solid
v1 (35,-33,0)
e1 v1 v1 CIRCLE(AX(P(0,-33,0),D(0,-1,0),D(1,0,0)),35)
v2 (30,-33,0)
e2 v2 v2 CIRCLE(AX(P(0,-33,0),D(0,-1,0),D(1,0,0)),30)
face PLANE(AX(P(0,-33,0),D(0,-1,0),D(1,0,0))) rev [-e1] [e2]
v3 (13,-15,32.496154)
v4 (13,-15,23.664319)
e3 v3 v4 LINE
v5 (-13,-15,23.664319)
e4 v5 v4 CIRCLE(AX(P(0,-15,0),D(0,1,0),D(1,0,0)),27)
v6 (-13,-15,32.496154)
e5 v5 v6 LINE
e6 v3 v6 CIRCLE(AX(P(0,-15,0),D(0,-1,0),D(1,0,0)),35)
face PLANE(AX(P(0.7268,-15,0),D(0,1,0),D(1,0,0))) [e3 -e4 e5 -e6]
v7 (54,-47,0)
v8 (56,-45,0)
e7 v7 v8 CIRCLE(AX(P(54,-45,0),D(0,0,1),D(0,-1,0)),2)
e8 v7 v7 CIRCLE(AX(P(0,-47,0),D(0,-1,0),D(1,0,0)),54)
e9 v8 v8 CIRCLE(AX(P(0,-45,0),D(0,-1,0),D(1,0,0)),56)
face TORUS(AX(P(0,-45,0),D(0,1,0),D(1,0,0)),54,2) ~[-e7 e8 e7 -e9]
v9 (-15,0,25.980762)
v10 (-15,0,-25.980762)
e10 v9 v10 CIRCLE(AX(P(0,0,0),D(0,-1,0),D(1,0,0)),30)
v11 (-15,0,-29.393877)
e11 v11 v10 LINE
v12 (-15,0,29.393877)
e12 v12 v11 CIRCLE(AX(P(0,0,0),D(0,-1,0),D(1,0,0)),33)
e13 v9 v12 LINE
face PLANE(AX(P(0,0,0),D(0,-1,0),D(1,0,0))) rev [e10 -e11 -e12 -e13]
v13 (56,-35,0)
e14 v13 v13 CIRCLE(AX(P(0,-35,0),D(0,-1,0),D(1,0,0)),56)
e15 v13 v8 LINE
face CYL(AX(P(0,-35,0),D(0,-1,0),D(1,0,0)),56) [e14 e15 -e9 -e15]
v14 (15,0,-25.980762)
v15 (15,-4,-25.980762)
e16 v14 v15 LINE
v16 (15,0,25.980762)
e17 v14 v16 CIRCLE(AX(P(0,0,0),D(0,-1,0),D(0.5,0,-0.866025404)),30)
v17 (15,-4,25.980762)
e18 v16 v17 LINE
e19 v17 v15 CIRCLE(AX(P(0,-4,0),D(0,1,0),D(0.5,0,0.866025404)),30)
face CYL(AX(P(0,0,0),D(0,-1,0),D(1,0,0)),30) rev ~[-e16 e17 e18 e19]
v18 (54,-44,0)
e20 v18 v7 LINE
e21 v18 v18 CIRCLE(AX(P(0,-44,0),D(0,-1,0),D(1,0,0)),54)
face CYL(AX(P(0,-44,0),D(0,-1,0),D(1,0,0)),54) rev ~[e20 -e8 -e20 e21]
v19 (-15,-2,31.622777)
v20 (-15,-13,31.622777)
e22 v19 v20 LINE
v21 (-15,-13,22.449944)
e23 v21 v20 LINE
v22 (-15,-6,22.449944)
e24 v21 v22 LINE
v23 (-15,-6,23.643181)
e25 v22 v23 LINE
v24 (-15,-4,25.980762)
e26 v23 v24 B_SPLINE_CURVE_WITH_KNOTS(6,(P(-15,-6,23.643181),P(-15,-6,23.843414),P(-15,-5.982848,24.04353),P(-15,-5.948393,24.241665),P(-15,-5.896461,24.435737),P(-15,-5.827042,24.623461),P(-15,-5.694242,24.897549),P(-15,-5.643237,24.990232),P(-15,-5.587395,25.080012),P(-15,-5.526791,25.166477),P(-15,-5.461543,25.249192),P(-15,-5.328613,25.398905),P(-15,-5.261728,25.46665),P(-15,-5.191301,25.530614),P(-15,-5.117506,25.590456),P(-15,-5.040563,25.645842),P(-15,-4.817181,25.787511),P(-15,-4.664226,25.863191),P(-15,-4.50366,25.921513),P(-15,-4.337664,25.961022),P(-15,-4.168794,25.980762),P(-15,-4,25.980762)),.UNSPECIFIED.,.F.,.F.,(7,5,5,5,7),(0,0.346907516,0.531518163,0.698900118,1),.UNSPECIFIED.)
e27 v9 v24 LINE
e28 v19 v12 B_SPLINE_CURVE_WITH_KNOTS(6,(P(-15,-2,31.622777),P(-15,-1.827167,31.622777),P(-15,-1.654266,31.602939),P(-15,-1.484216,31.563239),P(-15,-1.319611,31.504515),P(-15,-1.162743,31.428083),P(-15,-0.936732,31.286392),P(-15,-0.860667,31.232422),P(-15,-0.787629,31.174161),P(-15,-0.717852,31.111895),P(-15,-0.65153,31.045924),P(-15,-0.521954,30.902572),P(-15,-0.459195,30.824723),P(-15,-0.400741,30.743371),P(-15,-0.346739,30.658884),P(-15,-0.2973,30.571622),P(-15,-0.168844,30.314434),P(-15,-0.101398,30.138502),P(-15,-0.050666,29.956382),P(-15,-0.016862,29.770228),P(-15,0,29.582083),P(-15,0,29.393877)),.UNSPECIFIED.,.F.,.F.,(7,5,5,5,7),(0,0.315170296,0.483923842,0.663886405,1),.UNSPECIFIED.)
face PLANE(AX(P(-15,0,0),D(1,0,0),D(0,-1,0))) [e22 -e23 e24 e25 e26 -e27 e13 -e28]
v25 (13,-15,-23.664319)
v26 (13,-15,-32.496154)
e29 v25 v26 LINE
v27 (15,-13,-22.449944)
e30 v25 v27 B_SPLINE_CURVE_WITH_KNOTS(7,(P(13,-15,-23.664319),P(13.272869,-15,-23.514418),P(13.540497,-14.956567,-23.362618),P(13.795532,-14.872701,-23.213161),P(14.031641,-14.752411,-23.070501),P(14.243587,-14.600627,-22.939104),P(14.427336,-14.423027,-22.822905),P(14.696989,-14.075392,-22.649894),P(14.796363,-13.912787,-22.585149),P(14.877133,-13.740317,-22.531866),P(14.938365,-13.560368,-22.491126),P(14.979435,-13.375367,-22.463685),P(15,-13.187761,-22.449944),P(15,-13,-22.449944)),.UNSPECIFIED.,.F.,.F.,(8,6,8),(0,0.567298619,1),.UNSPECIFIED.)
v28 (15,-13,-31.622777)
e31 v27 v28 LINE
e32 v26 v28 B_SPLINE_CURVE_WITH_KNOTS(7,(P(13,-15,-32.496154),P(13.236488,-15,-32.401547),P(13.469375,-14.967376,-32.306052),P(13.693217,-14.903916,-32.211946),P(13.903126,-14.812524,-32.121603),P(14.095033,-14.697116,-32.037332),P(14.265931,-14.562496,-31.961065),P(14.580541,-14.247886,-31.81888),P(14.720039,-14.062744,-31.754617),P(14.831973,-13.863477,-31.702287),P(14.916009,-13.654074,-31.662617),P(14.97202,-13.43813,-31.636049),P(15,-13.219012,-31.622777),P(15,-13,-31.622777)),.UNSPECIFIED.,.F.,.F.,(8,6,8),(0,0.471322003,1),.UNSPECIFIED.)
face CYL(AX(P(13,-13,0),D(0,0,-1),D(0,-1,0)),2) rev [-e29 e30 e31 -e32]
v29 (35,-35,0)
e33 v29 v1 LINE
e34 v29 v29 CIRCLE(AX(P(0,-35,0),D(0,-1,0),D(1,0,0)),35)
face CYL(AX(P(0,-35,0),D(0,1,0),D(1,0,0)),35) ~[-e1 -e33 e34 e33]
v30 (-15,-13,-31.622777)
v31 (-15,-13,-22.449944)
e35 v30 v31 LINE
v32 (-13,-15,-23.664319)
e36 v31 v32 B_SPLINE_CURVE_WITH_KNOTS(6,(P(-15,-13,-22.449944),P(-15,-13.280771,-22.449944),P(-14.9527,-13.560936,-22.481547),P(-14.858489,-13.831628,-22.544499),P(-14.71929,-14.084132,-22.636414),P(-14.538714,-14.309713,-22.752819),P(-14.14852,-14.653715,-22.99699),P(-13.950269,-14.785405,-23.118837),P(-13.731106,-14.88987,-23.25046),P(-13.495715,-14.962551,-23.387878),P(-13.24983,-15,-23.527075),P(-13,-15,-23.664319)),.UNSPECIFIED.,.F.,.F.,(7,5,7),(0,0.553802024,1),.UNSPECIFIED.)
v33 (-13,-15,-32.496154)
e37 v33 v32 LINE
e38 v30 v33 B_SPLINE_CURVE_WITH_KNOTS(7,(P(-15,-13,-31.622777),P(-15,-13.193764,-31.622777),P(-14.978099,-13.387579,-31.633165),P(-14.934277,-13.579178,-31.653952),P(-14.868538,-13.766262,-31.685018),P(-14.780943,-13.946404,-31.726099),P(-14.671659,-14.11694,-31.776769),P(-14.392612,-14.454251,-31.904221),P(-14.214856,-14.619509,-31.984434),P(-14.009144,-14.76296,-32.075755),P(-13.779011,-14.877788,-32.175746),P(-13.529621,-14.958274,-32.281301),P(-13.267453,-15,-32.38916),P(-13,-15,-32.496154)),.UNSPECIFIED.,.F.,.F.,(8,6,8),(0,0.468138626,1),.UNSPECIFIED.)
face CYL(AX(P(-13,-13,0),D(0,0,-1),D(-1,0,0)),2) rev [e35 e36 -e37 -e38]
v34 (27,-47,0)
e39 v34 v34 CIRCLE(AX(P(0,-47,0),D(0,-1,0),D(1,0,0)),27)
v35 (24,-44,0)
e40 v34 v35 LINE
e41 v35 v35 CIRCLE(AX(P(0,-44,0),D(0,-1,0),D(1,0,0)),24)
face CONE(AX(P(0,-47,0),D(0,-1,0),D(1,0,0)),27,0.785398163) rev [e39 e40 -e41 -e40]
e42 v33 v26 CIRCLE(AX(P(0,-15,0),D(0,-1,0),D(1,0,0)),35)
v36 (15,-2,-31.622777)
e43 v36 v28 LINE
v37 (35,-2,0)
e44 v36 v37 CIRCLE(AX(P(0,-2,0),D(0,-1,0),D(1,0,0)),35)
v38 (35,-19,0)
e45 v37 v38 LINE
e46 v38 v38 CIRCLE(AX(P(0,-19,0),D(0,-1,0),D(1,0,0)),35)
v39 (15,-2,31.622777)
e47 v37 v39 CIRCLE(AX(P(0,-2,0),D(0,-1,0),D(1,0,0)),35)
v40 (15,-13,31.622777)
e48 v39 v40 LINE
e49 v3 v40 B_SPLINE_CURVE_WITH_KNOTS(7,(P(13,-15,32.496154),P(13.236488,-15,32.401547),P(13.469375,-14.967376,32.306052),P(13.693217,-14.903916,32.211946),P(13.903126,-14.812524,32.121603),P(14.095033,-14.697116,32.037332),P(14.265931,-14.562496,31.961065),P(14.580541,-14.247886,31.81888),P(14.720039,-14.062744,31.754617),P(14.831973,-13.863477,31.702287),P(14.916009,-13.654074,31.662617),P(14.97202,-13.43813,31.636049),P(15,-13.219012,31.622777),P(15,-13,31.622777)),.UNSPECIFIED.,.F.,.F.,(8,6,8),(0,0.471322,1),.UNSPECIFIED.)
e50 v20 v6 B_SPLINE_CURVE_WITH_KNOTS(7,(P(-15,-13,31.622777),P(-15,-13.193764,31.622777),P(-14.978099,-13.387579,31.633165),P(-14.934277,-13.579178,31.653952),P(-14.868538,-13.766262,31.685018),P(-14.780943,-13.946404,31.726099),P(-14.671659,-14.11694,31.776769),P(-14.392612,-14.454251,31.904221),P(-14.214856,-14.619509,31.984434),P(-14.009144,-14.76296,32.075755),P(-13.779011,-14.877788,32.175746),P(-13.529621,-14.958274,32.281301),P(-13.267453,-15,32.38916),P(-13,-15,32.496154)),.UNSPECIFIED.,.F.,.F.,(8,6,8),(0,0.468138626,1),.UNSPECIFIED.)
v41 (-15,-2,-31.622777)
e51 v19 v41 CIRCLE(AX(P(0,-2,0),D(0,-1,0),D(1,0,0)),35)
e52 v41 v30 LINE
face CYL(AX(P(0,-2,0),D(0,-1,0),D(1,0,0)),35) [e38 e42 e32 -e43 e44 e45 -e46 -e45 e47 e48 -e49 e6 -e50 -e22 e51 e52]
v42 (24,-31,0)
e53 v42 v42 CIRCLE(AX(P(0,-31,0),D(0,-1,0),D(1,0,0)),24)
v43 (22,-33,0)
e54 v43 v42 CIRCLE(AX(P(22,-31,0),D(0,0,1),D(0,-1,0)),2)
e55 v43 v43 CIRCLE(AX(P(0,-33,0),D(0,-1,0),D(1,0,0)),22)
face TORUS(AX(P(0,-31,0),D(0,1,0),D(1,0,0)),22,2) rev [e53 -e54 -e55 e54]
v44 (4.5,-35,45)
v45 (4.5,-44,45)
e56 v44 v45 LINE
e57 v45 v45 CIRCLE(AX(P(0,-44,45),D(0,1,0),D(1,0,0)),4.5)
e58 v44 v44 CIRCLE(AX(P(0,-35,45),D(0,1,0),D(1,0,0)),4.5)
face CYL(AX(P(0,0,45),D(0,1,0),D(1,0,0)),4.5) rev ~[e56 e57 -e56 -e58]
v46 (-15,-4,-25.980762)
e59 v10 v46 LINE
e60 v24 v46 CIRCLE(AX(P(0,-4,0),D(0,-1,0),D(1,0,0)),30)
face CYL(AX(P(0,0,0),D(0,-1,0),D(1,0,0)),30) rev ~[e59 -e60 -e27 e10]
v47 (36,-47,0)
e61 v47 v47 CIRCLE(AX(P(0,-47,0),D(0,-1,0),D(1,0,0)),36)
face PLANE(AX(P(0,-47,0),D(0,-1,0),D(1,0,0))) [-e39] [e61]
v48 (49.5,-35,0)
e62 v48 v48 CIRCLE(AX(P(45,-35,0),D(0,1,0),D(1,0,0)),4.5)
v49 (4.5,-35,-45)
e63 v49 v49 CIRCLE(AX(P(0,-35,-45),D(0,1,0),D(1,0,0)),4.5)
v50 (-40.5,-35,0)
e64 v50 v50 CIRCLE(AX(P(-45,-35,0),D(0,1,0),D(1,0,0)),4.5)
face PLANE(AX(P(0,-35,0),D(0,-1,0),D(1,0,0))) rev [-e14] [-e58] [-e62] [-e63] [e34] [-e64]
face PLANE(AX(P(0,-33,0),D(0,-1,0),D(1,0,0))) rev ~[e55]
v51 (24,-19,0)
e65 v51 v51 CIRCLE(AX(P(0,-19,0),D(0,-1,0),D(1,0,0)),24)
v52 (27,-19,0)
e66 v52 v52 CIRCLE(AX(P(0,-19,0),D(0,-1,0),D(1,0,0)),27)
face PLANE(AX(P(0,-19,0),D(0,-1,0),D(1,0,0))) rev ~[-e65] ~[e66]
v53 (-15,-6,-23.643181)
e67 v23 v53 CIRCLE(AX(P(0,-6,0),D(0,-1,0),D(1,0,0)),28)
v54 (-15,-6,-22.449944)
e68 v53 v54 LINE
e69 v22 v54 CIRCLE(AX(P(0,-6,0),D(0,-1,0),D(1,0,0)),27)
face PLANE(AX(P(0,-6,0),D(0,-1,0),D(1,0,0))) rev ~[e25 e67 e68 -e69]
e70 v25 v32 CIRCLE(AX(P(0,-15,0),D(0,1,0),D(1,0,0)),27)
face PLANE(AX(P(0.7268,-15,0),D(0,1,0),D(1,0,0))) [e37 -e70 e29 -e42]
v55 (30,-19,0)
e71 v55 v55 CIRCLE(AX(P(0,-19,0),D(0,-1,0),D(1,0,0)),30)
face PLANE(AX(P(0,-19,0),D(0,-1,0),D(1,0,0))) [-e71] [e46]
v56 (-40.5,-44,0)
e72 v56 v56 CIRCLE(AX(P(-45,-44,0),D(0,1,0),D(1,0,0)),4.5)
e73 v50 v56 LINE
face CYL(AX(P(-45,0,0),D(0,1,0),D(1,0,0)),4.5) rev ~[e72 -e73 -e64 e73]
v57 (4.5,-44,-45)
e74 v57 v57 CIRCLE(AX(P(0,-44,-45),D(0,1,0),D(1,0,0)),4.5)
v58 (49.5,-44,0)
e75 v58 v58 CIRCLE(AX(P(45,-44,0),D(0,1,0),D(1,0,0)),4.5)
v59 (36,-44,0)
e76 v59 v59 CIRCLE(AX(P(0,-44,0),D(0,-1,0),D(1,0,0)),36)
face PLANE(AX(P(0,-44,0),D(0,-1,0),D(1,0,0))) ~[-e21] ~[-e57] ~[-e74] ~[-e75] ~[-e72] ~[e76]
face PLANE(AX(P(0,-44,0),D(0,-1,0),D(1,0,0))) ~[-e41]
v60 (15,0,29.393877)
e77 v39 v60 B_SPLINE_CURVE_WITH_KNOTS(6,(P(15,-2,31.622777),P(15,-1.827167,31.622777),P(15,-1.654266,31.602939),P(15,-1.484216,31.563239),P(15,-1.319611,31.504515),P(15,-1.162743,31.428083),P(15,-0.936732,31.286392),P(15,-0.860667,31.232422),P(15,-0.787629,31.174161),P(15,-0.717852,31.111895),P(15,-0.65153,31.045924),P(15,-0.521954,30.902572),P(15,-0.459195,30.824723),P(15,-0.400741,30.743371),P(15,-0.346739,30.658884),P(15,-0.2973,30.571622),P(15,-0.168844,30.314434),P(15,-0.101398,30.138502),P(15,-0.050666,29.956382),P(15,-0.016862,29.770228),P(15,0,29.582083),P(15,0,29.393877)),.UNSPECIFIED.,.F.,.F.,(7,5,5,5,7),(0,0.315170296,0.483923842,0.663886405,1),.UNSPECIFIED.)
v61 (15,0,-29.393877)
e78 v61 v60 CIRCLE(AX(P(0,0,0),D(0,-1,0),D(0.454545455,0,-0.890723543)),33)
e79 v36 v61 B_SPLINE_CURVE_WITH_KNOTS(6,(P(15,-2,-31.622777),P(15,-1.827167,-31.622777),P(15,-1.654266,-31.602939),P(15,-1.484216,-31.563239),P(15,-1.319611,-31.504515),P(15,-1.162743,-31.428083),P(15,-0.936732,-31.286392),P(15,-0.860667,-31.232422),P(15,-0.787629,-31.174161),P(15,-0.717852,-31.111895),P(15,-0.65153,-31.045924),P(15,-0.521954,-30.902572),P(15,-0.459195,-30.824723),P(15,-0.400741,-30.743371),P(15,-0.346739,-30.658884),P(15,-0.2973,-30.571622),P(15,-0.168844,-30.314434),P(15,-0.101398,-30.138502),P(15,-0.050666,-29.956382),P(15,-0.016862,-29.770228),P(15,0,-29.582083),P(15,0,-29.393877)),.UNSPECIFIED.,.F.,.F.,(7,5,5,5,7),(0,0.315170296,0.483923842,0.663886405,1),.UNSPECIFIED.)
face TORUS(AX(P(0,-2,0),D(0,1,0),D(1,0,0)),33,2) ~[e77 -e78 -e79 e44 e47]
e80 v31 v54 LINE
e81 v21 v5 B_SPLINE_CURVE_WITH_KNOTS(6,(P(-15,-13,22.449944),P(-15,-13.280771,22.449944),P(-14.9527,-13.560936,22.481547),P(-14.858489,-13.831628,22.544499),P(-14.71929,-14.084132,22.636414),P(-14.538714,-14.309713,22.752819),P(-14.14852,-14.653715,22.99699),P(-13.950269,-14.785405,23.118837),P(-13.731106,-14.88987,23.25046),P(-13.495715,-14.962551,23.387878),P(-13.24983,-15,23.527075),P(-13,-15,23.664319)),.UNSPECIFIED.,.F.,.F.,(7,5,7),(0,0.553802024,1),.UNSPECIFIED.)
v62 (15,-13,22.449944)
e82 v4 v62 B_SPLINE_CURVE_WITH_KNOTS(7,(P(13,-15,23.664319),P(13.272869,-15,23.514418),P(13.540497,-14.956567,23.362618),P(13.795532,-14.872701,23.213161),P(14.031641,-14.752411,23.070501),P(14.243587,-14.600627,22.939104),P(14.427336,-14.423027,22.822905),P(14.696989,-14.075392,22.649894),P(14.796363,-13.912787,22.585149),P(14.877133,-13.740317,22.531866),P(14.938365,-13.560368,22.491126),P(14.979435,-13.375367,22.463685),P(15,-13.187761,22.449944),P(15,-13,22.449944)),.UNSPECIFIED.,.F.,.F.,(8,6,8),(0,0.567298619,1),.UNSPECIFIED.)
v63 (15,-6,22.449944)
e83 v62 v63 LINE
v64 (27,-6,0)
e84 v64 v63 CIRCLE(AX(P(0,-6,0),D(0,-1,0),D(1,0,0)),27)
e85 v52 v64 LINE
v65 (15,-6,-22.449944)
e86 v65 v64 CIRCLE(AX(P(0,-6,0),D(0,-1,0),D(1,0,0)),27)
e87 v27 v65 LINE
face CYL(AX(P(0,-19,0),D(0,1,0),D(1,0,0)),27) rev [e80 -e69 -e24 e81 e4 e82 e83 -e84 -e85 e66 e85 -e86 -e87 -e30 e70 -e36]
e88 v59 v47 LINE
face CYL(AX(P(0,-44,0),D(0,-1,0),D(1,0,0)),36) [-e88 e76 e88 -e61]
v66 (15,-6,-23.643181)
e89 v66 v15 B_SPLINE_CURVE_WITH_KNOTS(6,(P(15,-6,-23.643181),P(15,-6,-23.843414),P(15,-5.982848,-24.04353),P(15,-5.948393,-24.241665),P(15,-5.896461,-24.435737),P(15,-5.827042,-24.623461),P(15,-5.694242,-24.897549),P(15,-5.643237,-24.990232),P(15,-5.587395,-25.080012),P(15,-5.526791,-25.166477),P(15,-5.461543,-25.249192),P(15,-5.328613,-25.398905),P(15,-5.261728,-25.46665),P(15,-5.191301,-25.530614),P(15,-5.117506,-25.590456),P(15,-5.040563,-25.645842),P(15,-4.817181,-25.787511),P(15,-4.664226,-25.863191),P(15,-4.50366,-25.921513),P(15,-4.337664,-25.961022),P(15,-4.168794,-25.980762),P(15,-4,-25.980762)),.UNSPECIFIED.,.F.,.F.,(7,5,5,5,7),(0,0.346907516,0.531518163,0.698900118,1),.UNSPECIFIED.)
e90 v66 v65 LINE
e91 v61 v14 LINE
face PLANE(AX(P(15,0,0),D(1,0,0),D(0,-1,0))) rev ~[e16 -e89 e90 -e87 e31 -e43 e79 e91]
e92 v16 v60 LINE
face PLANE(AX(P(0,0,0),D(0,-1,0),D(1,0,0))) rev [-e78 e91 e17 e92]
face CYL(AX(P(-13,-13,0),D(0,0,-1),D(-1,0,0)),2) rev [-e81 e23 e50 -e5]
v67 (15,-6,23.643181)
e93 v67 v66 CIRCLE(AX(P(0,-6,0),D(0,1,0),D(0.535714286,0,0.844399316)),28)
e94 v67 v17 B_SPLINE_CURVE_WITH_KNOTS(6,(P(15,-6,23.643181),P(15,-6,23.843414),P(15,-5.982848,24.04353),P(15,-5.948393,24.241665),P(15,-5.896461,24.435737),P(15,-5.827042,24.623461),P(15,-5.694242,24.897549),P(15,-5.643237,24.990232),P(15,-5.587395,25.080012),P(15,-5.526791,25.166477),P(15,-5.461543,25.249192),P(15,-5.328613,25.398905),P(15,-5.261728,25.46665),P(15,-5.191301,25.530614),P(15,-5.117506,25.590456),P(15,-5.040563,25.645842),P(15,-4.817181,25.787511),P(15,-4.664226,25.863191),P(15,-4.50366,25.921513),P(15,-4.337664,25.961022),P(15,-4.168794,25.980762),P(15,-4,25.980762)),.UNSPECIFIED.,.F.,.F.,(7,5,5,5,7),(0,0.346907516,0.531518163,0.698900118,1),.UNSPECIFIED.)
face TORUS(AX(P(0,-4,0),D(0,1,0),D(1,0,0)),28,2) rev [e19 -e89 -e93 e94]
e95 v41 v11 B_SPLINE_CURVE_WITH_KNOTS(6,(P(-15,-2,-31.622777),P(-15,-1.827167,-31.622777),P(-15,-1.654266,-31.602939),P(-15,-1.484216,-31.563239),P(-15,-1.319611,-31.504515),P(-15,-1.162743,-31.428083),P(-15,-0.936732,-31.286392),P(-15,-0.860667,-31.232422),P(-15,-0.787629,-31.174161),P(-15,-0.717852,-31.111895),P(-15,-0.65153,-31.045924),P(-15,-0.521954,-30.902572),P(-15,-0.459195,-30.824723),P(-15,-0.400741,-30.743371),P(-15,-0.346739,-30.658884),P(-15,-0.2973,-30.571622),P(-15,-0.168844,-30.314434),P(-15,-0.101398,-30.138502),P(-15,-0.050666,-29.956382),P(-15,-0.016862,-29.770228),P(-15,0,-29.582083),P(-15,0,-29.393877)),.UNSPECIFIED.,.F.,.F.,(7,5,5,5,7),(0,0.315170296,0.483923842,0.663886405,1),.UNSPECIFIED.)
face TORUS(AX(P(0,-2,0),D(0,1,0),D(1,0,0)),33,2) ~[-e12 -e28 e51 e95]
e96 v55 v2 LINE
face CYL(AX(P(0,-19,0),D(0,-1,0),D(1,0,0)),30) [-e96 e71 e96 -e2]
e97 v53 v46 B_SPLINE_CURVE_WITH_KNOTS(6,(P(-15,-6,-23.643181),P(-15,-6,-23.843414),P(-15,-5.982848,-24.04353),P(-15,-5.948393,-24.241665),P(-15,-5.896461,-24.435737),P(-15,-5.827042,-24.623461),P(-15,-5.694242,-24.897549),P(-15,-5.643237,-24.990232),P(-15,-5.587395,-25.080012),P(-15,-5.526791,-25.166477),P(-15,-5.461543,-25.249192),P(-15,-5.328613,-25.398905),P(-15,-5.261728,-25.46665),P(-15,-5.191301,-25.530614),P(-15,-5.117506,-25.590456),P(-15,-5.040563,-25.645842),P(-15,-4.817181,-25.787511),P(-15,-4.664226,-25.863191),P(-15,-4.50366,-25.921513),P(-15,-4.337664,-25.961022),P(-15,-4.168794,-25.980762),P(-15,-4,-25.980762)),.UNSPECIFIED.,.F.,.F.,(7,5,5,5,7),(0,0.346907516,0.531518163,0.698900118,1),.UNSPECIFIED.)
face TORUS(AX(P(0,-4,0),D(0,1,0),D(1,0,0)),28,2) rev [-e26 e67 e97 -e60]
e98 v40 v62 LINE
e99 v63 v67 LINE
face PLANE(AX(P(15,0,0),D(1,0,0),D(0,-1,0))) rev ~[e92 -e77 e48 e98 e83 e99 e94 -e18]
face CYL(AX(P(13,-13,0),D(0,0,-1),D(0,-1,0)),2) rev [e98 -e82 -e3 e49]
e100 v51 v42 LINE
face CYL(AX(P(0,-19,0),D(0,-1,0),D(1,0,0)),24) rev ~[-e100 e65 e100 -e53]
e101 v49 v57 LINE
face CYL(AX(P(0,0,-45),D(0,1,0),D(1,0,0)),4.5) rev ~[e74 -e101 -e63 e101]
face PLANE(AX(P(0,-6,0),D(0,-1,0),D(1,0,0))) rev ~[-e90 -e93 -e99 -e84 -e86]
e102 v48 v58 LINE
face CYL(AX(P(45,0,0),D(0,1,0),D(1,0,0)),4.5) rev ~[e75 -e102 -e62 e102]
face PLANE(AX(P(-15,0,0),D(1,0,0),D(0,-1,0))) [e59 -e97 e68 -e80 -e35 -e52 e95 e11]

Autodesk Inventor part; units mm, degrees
ref_plane "YZ Plane" through (0, 0, 0) normal (1, 0, 0) x (0, 1, 0)
ref_plane "XZ Plane" through (0, 0, 0) normal (0, 1, 0) x (-1, 0, 0)
ref_plane "XY Plane" through (0, 0, 0) normal (0, 0, 1) x (1, 0, 0)
sketch "Sketch1" plane through (0, 0, 0) normal (0, 0, 1) x (1, 0, 0)
  point P0 (0, 0)
sketch "Sketch2" plane through (0, 0, 0) normal (0, 0, 1) x (1, 0, 0)
  line L0 (0, 0) -> (33, 0) construction
  line L1 (35, -2) -> (35, -6)
  line L2 (0, 0) -> (30, 0) construction
  line L3 (0, 0) -> (27, 0) construction
  line L4 (30, 0) -> (30, -4)
  line L5 (35, 0) -> (35, -35) construction
  line L6 (35, -35) -> (35, -47) construction
  line L7 (35, -35) -> (0, -35) construction
  line L8 (0, 0) -> (0, -15) construction
  line L9 (0, 0) -> (15, 0) construction
  line L10 (0, -15) -> (0.4118, -15)
  line L11 (15, 0) -> (15, -13)
  line L12 (0, -15) -> (0.7268, -15)
  line L13 (0.7268, -15) -> (13, -15)
  line L14 (28, -6) -> (15, -6)
  line L15 (35, -35) -> (35, -33)
  line L16 (35, -33) -> (35, -19) construction
  line L17 (35, -19) -> (27, -19)
  line L18 (27, -19) -> (27, -6)
  line L19 (22, -33) -> (0, -33)
  line L20 (35, -19) -> (30, -19)
  line L21 (30, -19) -> (30, -33)
  line L22 (27, -19) -> (24, -19)
  line L23 (24, -19) -> (24, -31)
  line L24 (0, -35) -> (45, -35) construction
  line L25 (45, -35) -> (45, -44) construction
  line L26 (45, -47) -> (0, -47)
  line L27 (45, -47) -> (45, -44) construction
  line L28 (45, -35) -> (56, -35)
  line L29 (56, -35) -> (56, -45)
  line L30 (54, -47) -> (45, -47)
  line L31 (0, -47) -> (0, -44)
  line L32 (0, -44) -> (24, -44) construction
  line L33 (45, -35) -> (49.5, -35)
  line L34 (45, -35) -> (40.5, -35)
  line L35 (40.5, -35) -> (40.5, -44)
  line L36 (49.5, -35) -> (49.5, -44)
  line L37 (0, -47) -> (27, -47)
  line L38 (27, -47) -> (27, -47)
  line L39 (0, -44) -> (27, -44) construction
  line L40 (15, 0) -> (30, 0)
  line L41 (35, 0) -> (30, 0) construction
  line L42 (35, -6) -> (35, -19)
  arc A0 (35, -2) -> (33, 0) centre (33, -2) ccw
  line L43 (30, 0) -> (33, 0)
  arc A1 (28, -6) -> (30, -4) centre (28, -4) ccw
  arc A2 (13, -15) -> (15, -13) centre (13, -13) ccw
  arc A3 (22, -33) -> (24, -31) centre (22, -31) ccw
  line L44 (22, -33) -> (35, -33)
  line L45 (0, -15) -> (0, -47)
  line L46 (35, -44) -> (56, -44) construction
  line L47 (35, -44) -> (35, -47) construction
  arc A4 (54, -47) -> (56, -45) centre (54, -45) ccw
  line L48 (45, -44) -> (54, -44)
  line L49 (54, -44) -> (54, -47)
  line L50 (45, -44) -> (36, -44)
  line L51 (36, -44) -> (36, -47)
  line L52 (27, -47) -> (24, -44)
  line L53 (35, -35) -> (40.5, -35)
  line L54 (0, -44) -> (24, -44)
  line L55 (0, 24.6653) -> (0, -83.972)
  line L56 (0, 0) -> (-15, 0)
  line L57 (-15, 0) -> (-15, -13)
  line L58 (-13, -15) -> (0, -15)
  arc A5 (-15, -13) -> (-13, -15) centre (-13, -13) ccw
  line L59 (15, 0) -> (0, 0)
  point P0 (15, -15)
  point P1 (-15, -6.5)
  dimension "d0" = 35
  dimension "d1" = 6
  dimension "d2" = 30
  dimension "d3" = 27
  dimension "d4" = 35
  dimension "d7" = 15
  dimension "d8" = 15
  dimension "d9" = 2
  dimension "d10" = 14
  dimension "d11" = 8
  dimension "d12" = 5
  dimension "d13" = 3
  dimension "d15" = 3
  dimension "d16" = 11
  dimension "d20" = 27
  dimension "d21" = 2
  dimension "d22" = 2
  dimension "d23" = 2
  dimension "d24" = 2
  dimension "d25" = 2
  dimension "d28" = 3
  dimension "d29" = 3
  dimension "d40" = 2
revolve "Revolution1" add sketch "Sketch2" angle 360 about axis through (0, -15, 0) along (0, -1, 0) contours L1 L42 L17 L18 L14 A1 L4 L43 A0 | L21 L44 A3 L23 L22 L17 | L44 L15 L53 L35 L50 L51 L26 L52 L54 L45 L19 | L34 L28 L36 L48 L50 L35 | L28 L29 A4 L49 L48 L36
sketch "Sketch3" plane through (0, 0, 0) normal (0, 1, 0) x (1, 0, 0)
  circle A0 centre (0, 0) radius 45
  circle A1 centre (0, 45) radius 4.5
  circle A2 centre (-45, 0) radius 4.5
  circle A3 centre (0, -45) radius 4.5
  circle A4 centre (45, 0) radius 4.5
  dimension "d31" = 90
  dimension "d32" = 9
  dimension "d35" = 360
extrude "Extrusion1" cut sketch "Sketch3" against normal blind 49 contours A0 A4 | A0 A4 | A1 A0 | A0 A1 | A3 A0 | A0 A3 | A2 A0 | A0 A2
extrude "Extrusion2" cut sketch "Sketch2" along normal mid plane 112 contours L11 A2 L13 L12 L10 L55 L59 | L55 L58 A5 L57 L56
equation "\"d29\" = d28"
properties part number "Bai_14"
